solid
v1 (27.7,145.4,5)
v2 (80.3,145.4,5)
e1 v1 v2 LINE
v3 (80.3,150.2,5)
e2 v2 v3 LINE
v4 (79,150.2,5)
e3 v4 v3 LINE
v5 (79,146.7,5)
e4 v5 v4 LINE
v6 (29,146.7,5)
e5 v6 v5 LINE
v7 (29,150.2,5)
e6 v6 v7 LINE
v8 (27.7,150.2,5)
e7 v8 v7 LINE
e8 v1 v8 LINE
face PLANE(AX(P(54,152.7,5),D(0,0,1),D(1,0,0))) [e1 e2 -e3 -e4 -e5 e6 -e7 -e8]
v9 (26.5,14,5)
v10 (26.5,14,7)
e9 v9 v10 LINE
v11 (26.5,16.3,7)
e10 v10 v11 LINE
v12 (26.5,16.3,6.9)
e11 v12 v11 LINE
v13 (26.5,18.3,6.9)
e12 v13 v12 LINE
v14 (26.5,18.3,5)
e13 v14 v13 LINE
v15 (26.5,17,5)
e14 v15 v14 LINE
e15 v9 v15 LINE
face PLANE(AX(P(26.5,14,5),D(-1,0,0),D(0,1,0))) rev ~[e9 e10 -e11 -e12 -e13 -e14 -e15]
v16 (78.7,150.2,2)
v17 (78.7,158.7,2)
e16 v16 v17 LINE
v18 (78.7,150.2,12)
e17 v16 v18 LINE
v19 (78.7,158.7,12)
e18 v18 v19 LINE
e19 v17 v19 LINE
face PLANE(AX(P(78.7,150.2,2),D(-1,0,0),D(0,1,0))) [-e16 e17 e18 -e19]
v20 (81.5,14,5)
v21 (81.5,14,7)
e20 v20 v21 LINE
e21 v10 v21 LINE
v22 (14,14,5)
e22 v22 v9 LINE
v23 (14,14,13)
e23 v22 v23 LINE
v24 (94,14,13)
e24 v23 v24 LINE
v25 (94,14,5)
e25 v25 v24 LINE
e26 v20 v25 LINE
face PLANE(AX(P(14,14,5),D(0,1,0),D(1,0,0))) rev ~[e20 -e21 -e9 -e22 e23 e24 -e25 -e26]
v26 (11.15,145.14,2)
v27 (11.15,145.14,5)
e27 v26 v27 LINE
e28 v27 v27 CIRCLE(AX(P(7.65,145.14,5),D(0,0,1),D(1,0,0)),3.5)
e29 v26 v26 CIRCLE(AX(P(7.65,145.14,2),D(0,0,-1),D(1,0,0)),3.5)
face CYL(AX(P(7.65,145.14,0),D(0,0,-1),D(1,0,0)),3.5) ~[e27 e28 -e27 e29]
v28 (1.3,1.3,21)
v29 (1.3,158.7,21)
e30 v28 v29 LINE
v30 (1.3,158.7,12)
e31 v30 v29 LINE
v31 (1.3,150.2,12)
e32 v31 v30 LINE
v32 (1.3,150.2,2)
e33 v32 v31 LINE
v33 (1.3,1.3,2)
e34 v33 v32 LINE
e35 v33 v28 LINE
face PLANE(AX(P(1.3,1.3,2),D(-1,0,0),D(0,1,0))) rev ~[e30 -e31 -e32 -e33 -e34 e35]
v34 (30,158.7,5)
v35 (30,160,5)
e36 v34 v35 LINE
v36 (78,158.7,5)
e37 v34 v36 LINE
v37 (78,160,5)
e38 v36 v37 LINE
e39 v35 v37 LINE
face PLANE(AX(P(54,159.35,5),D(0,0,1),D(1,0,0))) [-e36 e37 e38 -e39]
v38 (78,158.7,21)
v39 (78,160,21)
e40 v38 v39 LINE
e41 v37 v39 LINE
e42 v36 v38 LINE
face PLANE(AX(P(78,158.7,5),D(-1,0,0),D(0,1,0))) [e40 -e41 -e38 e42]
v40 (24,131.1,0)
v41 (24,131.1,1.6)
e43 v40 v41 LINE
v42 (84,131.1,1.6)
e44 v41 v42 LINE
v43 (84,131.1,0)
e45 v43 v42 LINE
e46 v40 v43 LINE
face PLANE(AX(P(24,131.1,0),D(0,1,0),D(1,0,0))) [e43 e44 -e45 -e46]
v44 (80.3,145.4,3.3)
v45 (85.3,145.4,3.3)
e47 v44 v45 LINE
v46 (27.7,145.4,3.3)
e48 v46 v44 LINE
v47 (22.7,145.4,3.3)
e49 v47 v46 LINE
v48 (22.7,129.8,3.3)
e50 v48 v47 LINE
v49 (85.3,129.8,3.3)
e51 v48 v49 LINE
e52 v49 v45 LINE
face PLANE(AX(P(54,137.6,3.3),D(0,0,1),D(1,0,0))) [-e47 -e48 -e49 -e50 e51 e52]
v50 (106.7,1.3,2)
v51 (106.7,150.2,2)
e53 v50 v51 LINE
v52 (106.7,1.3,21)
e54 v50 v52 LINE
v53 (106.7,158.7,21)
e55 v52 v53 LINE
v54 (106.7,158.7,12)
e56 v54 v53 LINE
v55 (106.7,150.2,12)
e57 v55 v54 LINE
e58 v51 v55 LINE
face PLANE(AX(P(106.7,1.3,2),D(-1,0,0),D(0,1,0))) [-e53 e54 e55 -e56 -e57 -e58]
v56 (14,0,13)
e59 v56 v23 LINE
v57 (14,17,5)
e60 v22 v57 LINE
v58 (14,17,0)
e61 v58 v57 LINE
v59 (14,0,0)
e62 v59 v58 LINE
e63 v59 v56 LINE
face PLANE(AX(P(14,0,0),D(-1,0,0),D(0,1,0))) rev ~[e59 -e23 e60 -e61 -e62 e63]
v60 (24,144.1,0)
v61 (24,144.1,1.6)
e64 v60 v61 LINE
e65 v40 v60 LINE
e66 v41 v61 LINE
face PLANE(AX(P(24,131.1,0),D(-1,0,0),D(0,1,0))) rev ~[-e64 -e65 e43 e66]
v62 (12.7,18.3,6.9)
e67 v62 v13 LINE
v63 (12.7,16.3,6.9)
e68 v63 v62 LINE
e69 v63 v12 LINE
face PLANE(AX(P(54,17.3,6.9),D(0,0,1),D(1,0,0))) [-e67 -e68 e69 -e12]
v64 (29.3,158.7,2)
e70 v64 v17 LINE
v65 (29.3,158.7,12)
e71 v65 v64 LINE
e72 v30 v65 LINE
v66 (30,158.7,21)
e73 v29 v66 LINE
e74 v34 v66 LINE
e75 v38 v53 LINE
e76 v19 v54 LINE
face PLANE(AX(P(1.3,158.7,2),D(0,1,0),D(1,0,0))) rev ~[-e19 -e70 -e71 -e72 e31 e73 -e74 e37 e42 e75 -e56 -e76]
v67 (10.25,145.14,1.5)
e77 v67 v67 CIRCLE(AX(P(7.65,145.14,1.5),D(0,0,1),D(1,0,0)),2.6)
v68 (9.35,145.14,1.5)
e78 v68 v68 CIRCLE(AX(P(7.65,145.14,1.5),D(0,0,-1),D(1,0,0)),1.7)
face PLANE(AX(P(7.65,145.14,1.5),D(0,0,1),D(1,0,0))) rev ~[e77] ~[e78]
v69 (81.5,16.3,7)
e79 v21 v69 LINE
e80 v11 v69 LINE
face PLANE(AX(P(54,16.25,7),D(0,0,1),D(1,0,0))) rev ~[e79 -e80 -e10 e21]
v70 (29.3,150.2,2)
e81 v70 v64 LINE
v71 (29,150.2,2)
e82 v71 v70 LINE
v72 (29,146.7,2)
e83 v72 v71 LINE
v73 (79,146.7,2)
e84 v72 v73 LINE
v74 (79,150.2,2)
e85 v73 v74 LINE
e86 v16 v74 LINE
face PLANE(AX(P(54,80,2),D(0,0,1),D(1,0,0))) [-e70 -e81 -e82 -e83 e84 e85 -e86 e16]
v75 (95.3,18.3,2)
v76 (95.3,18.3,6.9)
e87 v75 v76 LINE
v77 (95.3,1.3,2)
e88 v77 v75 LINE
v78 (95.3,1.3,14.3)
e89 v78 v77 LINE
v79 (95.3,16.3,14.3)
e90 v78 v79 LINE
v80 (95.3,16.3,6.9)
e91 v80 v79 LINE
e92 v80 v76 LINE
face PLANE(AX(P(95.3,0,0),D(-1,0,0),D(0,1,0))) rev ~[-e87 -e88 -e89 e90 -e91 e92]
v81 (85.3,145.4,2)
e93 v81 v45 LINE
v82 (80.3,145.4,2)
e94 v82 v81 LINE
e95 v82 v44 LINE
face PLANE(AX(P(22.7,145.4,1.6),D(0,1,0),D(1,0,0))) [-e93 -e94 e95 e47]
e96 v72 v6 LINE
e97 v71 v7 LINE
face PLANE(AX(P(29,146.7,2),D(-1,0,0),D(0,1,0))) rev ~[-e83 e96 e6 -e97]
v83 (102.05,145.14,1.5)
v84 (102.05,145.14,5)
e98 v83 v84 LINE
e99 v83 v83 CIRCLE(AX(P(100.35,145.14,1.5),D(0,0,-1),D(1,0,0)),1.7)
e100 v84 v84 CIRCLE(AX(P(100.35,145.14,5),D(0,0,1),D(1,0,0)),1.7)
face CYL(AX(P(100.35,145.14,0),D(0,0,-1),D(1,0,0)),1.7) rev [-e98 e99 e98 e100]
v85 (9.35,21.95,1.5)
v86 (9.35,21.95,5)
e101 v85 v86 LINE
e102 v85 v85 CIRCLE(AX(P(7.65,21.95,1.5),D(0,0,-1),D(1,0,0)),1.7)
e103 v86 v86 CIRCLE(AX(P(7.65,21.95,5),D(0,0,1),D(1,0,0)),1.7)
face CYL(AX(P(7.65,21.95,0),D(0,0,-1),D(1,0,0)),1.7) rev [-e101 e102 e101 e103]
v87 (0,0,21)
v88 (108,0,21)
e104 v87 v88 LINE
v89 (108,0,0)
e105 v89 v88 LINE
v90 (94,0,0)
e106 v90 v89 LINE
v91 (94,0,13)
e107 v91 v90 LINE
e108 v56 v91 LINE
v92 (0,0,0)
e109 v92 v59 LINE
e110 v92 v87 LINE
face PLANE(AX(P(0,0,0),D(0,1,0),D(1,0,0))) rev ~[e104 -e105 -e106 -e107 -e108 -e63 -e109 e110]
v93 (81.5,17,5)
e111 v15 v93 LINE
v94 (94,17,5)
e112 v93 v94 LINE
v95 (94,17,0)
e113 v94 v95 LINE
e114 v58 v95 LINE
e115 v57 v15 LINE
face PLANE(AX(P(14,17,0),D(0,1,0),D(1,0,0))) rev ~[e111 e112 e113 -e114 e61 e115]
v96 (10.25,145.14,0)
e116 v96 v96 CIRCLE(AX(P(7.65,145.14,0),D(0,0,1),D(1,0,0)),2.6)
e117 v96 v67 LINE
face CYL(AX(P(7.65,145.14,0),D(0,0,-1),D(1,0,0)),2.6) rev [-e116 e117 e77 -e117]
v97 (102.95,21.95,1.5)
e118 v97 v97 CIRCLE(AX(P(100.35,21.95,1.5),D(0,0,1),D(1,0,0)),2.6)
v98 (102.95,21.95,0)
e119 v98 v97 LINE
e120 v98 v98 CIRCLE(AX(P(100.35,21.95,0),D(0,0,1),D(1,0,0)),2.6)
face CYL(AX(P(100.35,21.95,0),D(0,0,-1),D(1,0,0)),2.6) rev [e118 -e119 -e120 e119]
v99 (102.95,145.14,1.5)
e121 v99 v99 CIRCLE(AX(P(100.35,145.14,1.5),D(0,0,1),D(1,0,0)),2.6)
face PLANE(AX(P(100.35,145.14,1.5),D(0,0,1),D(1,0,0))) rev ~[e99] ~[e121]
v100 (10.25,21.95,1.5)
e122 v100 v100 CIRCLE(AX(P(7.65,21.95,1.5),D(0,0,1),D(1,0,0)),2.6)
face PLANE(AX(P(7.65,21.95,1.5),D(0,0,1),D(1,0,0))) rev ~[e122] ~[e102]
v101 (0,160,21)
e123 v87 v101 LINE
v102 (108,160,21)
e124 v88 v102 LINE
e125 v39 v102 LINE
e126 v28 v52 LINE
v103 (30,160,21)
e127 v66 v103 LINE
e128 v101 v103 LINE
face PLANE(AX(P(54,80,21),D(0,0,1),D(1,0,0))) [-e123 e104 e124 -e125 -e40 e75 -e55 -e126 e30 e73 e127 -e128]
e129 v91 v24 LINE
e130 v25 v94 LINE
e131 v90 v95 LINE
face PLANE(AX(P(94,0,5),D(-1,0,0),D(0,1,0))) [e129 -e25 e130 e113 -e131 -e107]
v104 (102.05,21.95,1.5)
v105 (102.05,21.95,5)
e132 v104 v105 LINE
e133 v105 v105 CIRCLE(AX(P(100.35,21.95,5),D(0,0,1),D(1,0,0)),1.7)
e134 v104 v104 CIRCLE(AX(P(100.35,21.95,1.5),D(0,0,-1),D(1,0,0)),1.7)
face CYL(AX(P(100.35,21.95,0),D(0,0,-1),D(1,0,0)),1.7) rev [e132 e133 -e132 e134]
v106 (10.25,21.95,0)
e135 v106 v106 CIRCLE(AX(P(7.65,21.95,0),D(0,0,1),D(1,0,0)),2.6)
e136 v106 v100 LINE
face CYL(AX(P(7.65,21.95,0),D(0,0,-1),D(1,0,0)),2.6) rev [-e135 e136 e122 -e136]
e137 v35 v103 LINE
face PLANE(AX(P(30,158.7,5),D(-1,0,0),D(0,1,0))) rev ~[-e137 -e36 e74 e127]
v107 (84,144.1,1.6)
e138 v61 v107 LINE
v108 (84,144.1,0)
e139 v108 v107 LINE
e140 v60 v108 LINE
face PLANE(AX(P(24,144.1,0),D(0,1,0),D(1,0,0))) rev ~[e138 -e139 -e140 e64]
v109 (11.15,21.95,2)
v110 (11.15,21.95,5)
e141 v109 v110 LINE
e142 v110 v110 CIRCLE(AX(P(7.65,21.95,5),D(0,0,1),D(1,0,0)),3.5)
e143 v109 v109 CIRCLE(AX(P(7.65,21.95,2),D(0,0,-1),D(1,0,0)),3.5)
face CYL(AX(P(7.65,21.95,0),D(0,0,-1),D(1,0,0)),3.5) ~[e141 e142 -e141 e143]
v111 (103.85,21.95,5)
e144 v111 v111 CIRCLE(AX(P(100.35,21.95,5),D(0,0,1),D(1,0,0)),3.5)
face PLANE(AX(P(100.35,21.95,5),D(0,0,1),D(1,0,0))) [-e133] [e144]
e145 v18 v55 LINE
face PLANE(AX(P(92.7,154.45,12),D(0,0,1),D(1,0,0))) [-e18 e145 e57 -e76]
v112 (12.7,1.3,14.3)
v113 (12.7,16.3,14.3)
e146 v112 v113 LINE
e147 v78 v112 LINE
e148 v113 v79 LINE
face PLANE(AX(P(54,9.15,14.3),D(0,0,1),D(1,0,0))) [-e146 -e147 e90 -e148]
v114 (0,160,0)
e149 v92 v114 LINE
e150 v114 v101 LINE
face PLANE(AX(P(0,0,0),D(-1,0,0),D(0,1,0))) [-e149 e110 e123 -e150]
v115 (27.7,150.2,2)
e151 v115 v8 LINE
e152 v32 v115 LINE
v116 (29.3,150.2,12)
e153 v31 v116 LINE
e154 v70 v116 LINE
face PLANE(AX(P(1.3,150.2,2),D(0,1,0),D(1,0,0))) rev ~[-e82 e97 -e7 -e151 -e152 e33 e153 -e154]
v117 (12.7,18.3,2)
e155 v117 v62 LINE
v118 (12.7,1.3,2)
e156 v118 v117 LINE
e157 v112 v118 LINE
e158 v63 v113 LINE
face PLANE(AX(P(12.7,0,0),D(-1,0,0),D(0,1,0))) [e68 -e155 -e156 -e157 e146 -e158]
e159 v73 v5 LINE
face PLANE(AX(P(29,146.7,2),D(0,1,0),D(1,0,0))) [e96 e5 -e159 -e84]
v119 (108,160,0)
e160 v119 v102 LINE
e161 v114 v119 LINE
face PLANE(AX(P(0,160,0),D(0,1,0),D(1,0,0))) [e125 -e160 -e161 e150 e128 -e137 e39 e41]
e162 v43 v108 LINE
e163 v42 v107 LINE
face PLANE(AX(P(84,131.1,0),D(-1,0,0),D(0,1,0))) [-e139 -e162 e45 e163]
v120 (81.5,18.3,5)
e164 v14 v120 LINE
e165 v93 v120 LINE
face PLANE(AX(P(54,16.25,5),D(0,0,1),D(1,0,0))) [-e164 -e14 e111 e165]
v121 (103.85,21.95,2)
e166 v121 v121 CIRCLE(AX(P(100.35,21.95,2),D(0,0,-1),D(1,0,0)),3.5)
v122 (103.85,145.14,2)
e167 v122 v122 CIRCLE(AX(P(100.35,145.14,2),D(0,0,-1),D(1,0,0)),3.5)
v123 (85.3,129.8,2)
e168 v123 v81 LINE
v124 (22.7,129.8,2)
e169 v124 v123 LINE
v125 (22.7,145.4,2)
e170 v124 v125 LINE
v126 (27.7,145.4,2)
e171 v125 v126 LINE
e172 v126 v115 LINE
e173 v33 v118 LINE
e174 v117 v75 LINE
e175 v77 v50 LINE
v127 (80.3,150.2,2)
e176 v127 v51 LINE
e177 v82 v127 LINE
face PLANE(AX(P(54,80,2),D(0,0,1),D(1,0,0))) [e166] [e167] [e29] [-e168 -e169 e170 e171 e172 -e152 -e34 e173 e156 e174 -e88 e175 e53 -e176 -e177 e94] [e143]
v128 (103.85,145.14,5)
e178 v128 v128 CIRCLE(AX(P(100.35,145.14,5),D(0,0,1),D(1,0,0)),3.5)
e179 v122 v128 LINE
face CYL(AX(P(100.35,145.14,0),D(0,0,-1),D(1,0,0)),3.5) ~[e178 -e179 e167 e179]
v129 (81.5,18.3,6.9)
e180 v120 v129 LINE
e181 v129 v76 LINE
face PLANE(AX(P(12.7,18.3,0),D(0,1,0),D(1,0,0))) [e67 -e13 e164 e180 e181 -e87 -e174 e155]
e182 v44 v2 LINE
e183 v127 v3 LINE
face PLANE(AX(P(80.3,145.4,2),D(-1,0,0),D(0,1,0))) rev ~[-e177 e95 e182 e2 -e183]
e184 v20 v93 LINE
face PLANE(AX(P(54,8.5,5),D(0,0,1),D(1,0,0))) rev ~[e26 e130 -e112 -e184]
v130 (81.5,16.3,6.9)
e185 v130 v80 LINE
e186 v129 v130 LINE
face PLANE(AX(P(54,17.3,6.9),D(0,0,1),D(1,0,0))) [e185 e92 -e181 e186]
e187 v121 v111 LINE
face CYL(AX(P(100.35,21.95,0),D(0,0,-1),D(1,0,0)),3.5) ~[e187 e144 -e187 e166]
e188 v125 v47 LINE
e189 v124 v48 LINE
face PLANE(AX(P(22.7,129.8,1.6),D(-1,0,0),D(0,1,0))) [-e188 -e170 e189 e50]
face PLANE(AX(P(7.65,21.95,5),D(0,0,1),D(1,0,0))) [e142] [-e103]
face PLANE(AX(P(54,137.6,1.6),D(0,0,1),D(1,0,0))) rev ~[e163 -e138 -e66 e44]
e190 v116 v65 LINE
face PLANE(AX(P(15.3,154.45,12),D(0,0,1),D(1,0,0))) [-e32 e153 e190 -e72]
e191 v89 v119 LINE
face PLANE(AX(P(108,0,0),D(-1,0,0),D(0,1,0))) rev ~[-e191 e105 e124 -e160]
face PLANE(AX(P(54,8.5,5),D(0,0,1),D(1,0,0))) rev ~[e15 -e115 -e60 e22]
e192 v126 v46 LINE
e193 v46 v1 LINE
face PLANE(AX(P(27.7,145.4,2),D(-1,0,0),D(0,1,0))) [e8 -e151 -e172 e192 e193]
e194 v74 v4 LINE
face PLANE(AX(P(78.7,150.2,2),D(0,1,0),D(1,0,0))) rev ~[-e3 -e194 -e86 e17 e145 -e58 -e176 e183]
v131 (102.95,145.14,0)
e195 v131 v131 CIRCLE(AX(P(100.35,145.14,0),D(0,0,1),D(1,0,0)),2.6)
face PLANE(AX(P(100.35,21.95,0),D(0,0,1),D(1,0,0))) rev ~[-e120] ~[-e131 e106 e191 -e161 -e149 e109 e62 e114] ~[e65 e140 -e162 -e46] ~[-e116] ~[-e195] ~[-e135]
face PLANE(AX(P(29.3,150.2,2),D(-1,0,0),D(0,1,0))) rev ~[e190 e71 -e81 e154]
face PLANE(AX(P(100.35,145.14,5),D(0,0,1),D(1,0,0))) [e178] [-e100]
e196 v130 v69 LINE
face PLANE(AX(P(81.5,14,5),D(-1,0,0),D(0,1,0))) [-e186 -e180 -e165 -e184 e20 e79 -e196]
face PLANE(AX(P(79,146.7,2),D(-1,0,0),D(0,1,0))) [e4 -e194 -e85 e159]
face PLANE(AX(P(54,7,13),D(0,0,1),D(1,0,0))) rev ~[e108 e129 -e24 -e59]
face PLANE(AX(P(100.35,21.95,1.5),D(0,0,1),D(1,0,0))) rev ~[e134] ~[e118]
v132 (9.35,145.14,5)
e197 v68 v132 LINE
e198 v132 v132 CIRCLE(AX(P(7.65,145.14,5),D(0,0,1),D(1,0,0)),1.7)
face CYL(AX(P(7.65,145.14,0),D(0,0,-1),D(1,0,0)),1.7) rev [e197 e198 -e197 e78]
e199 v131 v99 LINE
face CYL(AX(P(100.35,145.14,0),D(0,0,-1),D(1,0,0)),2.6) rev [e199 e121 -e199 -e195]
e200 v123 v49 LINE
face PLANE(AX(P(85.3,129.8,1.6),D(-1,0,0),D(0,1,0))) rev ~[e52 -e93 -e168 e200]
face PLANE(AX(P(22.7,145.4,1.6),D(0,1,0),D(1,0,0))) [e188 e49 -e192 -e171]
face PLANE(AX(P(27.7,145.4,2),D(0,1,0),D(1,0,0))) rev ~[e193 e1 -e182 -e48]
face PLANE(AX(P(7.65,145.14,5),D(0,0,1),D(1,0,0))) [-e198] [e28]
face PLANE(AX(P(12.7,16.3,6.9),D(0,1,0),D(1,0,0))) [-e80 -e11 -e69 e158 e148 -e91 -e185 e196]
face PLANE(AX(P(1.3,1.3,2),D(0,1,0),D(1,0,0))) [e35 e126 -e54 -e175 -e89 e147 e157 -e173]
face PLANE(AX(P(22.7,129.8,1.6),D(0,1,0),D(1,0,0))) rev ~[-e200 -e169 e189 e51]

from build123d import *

# Parameters (mm, degrees)
BOX015_W          = 28
BOX015_H          = 8.5
BOX015_DEPTH      = 10
BOX016_W          = 28
BOX016_H          = 8.5
BOX016_DEPTH      = 10
BOX014_W          = 50
BOX014_H          = 12
BOX014_DEPTH      = 3
BOX013_W          = 52.6
BOX013_H          = 14.6
BOX013_DEPTH      = 3
CYLINDER006_R     = 2.6
CYLINDER006_DEPTH = 1.5
CYLINDER005_R     = 1.7
CYLINDER005_DEPTH = 5
CYLINDER_R        = 3.5
CYLINDER_DEPTH    = 5
CYLINDER001_R     = 3.5
CYLINDER001_DEPTH = 5
CYLINDER002_R     = 3.5
CYLINDER002_DEPTH = 5
CYLINDER003_R     = 3.5
CYLINDER003_DEPTH = 5
BOX012_W          = 48
BOX012_H          = 1.3
BOX012_DEPTH      = 16
BOX008_W          = 60
BOX008_H          = 13
BOX008_DEPTH      = 1.6
BOX002_W          = 80
BOX002_H          = 17
BOX002_DEPTH      = 13
BOX001_W          = 105.4
BOX001_H          = 157.4
BOX001_DEPTH      = 19
BOX_W             = 108
BOX_H             = 160
BOX_DEPTH         = 21
BOX007_W          = 55
BOX007_H          = 4.5
BOX007_DEPTH      = 2
BOX006_W          = 82.6
BOX006_H          = 2
BOX006_DEPTH      = 7.4
BOX005_W          = 80
BOX005_H          = 14
BOX005_DEPTH      = 8
BOX004_W          = 80
BOX004_H          = 17
BOX004_DEPTH      = 5
BOX003_W          = 82.6
BOX003_H          = 18.3
BOX003_DEPTH      = 14.3
BOX009_W          = 62.6
BOX009_H          = 15.6
BOX009_DEPTH      = 1.7


with BuildPart() as board_pusher_left:
    # Box015 → Box015 (new body)
    with BuildSketch(Plane(origin=(1.3, 150.2, 2), x_dir=(1, 0, 0), z_dir=(0, 0, 1))):
        with Locations((14, 4.25)):
            Rectangle(BOX015_W, BOX015_H)
    extrude(amount=BOX015_DEPTH)


with BuildPart() as board_pusher_right:
    # Box016 → Box016 (new body)
    with BuildSketch(Plane(origin=(78.7, 150.2, 2), x_dir=(1, 0, 0), z_dir=(0, 0, 1))):
        with Locations((14, 4.25)):
            Rectangle(BOX016_W, BOX016_H)
    extrude(amount=BOX016_DEPTH)


with BuildPart() as board_support_inner:
    # Box014 → Box014 (new body)
    with BuildSketch(Plane(origin=(29, 146.7, 2), x_dir=(1, 0, 0), z_dir=(0, 0, 1))):
        with Locations((25, 6)):
            Rectangle(BOX014_W, BOX014_H)
    extrude(amount=BOX014_DEPTH)


with BuildPart() as board_support:
    # Box013 → Box013 (new body)
    with BuildSketch(Plane(origin=(27.7, 145.4, 2), x_dir=(1, 0, 0), z_dir=(0, 0, 1))):
        with Locations((26.3, 7.3)):
            Rectangle(BOX013_W, BOX013_H)
    extrude(amount=BOX013_DEPTH)

    # Cut008: cut Board support inner
    add(board_support_inner.part, mode=Mode.SUBTRACT)


with BuildPart() as bottom_hole:
    # Cylinder006 → Cylinder006 (new body)
    with BuildSketch(Plane(origin=(7.65, 145.14, 0), x_dir=(1, 0, 0), z_dir=(0, 0, 1))):
        Circle(CYLINDER006_R)
    extrude(amount=CYLINDER006_DEPTH)


with BuildPart() as hole1:
    # Cylinder005 → Cylinder005 (new body)
    with BuildSketch(Plane(origin=(7.65, 145.14, 0), x_dir=(1, 0, 0), z_dir=(0, 0, 1))):
        Circle(CYLINDER005_R)
    extrude(amount=CYLINDER005_DEPTH)

    # Fusion003: union Bottom hole
    add(bottom_hole.part)


with BuildPart() as hole2:
    # Clone base: copy of Hole1
    add(hole1.part)


with BuildPart() as hole2_1:
    # Clone placement: moved
    add(hole2.part.moved(Location((92.7, 0, 0))))


with BuildPart() as hole3:
    # Clone001 base: copy of Hole2
    add(hole2_1.part)


with BuildPart() as hole3_1:
    # Clone001 placement: moved
    add(hole3.part.moved(Location((-92.7, -123.19, 0))))


with BuildPart() as hole4:
    # Clone002 base: copy of Hole3
    add(hole3_1.part)


with BuildPart() as hole4_1:
    # Clone002 placement: moved
    add(hole4.part.moved(Location((92.7, 0, 0))))


with BuildPart() as holes:
    # Fusion004 base: copy of Hole1
    add(hole1.part)

    # Fusion004: union Hole4, Hole3, Hole2
    add(hole4_1.part)
    add(hole3_1.part)
    add(hole2_1.part)


with BuildPart() as cylinder:
    # Cylinder → Cylinder (new body)
    with BuildSketch(Plane(origin=(7.65, 145.14, 0), x_dir=(1, 0, 0), z_dir=(0, 0, 1))):
        Circle(CYLINDER_R)
    extrude(amount=CYLINDER_DEPTH)


with BuildPart() as cylinder001:
    # Cylinder001 → Cylinder001 (new body)
    with BuildSketch(Plane(origin=(100.35, 145.14, 0), x_dir=(1, 0, 0), z_dir=(0, 0, 1))):
        Circle(CYLINDER001_R)
    extrude(amount=CYLINDER001_DEPTH)


with BuildPart() as cylinder002:
    # Cylinder002 → Cylinder002 (new body)
    with BuildSketch(Plane(origin=(7.65, 21.95, 0), x_dir=(1, 0, 0), z_dir=(0, 0, 1))):
        Circle(CYLINDER002_R)
    extrude(amount=CYLINDER002_DEPTH)


with BuildPart() as cylinder003:
    # Cylinder003 → Cylinder003 (new body)
    with BuildSketch(Plane(origin=(100.35, 21.95, 0), x_dir=(1, 0, 0), z_dir=(0, 0, 1))):
        Circle(CYLINDER003_R)
    extrude(amount=CYLINDER003_DEPTH)


with BuildPart() as sdcard_cutout:
    # Box012 → Box012 (new body)
    with BuildSketch(Plane(origin=(30, 158.7, 5), x_dir=(1, 0, 0), z_dir=(0, 0, 1))):
        with Locations((24, 0.65)):
            Rectangle(BOX012_W, BOX012_H)
    extrude(amount=BOX012_DEPTH)


with BuildPart() as bottom_cutout:
    # Box008 → Box008 (new body)
    with BuildSketch(Plane(origin=(24, 131.1, 0), x_dir=(1, 0, 0), z_dir=(0, 0, 1))):
        with Locations((30, 6.5)):
            Rectangle(BOX008_W, BOX008_H)
    extrude(amount=BOX008_DEPTH)


with BuildPart() as cube002:
    # Box002 → Box002 (new body)
    with BuildSketch(Plane(origin=(14, 0, 0), x_dir=(1, 0, 0), z_dir=(0, 0, 1))):
        with Locations((40, 8.5)):
            Rectangle(BOX002_W, BOX002_H)
    extrude(amount=BOX002_DEPTH)


with BuildPart() as cube001:
    # Box001 → Box001 (new body)
    with BuildSketch(Plane(origin=(1.3, 1.3, 2), x_dir=(1, 0, 0), z_dir=(0, 0, 1))):
        with Locations((52.7, 78.7)):
            Rectangle(BOX001_W, BOX001_H)
    extrude(amount=BOX001_DEPTH)


with BuildPart() as cartridge_appature_cutout:
    # Box → Box (new body)
    with BuildSketch(Plane.XY):
        with Locations((54, 80)):
            Rectangle(BOX_W, BOX_H)
    extrude(amount=BOX_DEPTH)

    # Cut: cut Cube001
    add(cube001.part, mode=Mode.SUBTRACT)

    # Cut001: cut Cube002
    add(cube002.part, mode=Mode.SUBTRACT)


with BuildPart() as board_carve:
    # Box007 → Box007 (new body)
    with BuildSketch(Plane(origin=(26.5, 14, 5), x_dir=(1, 0, 0), z_dir=(0, 0, 1))):
        with Locations((27.5, 2.25)):
            Rectangle(BOX007_W, BOX007_H)
    extrude(amount=BOX007_DEPTH)


with BuildPart() as appature_top_inside_carve:
    # Box006 → Box006 (new body)
    with BuildSketch(Plane(origin=(12.7, 16.3, 6.9), x_dir=(1, 0, 0), z_dir=(0, 0, 1))):
        with Locations((41.3, 1)):
            Rectangle(BOX006_W, BOX006_H)
    extrude(amount=BOX006_DEPTH)


with BuildPart() as appature_top_outside_carve:
    # Box005 → Box005 (new body)
    with BuildSketch(Plane(origin=(14, 0, 5), x_dir=(1, 0, 0), z_dir=(0, 0, 1))):
        with Locations((40, 7)):
            Rectangle(BOX005_W, BOX005_H)
    extrude(amount=BOX005_DEPTH)


with BuildPart() as appature_bottom_outside_carve:
    # Box004 → Box004 (new body)
    with BuildSketch(Plane(origin=(14, 0, 0), x_dir=(1, 0, 0), z_dir=(0, 0, 1))):
        with Locations((40, 8.5)):
            Rectangle(BOX004_W, BOX004_H)
    extrude(amount=BOX004_DEPTH)


with BuildPart() as board_with_holes:
    # Box003 → Box003 (new body)
    with BuildSketch(Plane(origin=(12.7, 0, 0), x_dir=(1, 0, 0), z_dir=(0, 0, 1))):
        with Locations((41.3, 9.15)):
            Rectangle(BOX003_W, BOX003_H)
    extrude(amount=BOX003_DEPTH)

    # Cut002: cut Appature bottom outside carve
    add(appature_bottom_outside_carve.part, mode=Mode.SUBTRACT)

    # Cut003: cut Appature top outside carve
    add(appature_top_outside_carve.part, mode=Mode.SUBTRACT)

    # Cut004: cut Appature top inside carve
    add(appature_top_inside_carve.part, mode=Mode.SUBTRACT)

    # Cut005: cut Board carve
    add(board_carve.part, mode=Mode.SUBTRACT)

    # Fusion: union Cartridge appature cutout
    add(cartridge_appature_cutout.part)

    # Cut006: cut Bottom cutout
    add(bottom_cutout.part, mode=Mode.SUBTRACT)

    # Cut007: cut SDCard cutout
    add(sdcard_cutout.part, mode=Mode.SUBTRACT)

    # Fusion002: union Cylinder, Cylinder001, Cylinder002, Cylinder003
    add(cylinder.part)
    add(cylinder001.part)
    add(cylinder002.part)
    add(cylinder003.part)

    # Cut009: cut Holes
    add(holes.part, mode=Mode.SUBTRACT)


with BuildPart() as all_case_parts:
    # Box009 → Box009 (new body)
    with BuildSketch(Plane(origin=(22.7, 129.8, 1.6), x_dir=(1, 0, 0), z_dir=(0, 0, 1))):
        with Locations((31.3, 7.8)):
            Rectangle(BOX009_W, BOX009_H)
    extrude(amount=BOX009_DEPTH)

    # Fusion005: union Board pusher left, Board pusher right, Board Support, Board with holes
    add(board_pusher_left.part)
    add(board_pusher_right.part)
    add(board_support.part)
    add(board_with_holes.part)


solid = all_case_parts.part
